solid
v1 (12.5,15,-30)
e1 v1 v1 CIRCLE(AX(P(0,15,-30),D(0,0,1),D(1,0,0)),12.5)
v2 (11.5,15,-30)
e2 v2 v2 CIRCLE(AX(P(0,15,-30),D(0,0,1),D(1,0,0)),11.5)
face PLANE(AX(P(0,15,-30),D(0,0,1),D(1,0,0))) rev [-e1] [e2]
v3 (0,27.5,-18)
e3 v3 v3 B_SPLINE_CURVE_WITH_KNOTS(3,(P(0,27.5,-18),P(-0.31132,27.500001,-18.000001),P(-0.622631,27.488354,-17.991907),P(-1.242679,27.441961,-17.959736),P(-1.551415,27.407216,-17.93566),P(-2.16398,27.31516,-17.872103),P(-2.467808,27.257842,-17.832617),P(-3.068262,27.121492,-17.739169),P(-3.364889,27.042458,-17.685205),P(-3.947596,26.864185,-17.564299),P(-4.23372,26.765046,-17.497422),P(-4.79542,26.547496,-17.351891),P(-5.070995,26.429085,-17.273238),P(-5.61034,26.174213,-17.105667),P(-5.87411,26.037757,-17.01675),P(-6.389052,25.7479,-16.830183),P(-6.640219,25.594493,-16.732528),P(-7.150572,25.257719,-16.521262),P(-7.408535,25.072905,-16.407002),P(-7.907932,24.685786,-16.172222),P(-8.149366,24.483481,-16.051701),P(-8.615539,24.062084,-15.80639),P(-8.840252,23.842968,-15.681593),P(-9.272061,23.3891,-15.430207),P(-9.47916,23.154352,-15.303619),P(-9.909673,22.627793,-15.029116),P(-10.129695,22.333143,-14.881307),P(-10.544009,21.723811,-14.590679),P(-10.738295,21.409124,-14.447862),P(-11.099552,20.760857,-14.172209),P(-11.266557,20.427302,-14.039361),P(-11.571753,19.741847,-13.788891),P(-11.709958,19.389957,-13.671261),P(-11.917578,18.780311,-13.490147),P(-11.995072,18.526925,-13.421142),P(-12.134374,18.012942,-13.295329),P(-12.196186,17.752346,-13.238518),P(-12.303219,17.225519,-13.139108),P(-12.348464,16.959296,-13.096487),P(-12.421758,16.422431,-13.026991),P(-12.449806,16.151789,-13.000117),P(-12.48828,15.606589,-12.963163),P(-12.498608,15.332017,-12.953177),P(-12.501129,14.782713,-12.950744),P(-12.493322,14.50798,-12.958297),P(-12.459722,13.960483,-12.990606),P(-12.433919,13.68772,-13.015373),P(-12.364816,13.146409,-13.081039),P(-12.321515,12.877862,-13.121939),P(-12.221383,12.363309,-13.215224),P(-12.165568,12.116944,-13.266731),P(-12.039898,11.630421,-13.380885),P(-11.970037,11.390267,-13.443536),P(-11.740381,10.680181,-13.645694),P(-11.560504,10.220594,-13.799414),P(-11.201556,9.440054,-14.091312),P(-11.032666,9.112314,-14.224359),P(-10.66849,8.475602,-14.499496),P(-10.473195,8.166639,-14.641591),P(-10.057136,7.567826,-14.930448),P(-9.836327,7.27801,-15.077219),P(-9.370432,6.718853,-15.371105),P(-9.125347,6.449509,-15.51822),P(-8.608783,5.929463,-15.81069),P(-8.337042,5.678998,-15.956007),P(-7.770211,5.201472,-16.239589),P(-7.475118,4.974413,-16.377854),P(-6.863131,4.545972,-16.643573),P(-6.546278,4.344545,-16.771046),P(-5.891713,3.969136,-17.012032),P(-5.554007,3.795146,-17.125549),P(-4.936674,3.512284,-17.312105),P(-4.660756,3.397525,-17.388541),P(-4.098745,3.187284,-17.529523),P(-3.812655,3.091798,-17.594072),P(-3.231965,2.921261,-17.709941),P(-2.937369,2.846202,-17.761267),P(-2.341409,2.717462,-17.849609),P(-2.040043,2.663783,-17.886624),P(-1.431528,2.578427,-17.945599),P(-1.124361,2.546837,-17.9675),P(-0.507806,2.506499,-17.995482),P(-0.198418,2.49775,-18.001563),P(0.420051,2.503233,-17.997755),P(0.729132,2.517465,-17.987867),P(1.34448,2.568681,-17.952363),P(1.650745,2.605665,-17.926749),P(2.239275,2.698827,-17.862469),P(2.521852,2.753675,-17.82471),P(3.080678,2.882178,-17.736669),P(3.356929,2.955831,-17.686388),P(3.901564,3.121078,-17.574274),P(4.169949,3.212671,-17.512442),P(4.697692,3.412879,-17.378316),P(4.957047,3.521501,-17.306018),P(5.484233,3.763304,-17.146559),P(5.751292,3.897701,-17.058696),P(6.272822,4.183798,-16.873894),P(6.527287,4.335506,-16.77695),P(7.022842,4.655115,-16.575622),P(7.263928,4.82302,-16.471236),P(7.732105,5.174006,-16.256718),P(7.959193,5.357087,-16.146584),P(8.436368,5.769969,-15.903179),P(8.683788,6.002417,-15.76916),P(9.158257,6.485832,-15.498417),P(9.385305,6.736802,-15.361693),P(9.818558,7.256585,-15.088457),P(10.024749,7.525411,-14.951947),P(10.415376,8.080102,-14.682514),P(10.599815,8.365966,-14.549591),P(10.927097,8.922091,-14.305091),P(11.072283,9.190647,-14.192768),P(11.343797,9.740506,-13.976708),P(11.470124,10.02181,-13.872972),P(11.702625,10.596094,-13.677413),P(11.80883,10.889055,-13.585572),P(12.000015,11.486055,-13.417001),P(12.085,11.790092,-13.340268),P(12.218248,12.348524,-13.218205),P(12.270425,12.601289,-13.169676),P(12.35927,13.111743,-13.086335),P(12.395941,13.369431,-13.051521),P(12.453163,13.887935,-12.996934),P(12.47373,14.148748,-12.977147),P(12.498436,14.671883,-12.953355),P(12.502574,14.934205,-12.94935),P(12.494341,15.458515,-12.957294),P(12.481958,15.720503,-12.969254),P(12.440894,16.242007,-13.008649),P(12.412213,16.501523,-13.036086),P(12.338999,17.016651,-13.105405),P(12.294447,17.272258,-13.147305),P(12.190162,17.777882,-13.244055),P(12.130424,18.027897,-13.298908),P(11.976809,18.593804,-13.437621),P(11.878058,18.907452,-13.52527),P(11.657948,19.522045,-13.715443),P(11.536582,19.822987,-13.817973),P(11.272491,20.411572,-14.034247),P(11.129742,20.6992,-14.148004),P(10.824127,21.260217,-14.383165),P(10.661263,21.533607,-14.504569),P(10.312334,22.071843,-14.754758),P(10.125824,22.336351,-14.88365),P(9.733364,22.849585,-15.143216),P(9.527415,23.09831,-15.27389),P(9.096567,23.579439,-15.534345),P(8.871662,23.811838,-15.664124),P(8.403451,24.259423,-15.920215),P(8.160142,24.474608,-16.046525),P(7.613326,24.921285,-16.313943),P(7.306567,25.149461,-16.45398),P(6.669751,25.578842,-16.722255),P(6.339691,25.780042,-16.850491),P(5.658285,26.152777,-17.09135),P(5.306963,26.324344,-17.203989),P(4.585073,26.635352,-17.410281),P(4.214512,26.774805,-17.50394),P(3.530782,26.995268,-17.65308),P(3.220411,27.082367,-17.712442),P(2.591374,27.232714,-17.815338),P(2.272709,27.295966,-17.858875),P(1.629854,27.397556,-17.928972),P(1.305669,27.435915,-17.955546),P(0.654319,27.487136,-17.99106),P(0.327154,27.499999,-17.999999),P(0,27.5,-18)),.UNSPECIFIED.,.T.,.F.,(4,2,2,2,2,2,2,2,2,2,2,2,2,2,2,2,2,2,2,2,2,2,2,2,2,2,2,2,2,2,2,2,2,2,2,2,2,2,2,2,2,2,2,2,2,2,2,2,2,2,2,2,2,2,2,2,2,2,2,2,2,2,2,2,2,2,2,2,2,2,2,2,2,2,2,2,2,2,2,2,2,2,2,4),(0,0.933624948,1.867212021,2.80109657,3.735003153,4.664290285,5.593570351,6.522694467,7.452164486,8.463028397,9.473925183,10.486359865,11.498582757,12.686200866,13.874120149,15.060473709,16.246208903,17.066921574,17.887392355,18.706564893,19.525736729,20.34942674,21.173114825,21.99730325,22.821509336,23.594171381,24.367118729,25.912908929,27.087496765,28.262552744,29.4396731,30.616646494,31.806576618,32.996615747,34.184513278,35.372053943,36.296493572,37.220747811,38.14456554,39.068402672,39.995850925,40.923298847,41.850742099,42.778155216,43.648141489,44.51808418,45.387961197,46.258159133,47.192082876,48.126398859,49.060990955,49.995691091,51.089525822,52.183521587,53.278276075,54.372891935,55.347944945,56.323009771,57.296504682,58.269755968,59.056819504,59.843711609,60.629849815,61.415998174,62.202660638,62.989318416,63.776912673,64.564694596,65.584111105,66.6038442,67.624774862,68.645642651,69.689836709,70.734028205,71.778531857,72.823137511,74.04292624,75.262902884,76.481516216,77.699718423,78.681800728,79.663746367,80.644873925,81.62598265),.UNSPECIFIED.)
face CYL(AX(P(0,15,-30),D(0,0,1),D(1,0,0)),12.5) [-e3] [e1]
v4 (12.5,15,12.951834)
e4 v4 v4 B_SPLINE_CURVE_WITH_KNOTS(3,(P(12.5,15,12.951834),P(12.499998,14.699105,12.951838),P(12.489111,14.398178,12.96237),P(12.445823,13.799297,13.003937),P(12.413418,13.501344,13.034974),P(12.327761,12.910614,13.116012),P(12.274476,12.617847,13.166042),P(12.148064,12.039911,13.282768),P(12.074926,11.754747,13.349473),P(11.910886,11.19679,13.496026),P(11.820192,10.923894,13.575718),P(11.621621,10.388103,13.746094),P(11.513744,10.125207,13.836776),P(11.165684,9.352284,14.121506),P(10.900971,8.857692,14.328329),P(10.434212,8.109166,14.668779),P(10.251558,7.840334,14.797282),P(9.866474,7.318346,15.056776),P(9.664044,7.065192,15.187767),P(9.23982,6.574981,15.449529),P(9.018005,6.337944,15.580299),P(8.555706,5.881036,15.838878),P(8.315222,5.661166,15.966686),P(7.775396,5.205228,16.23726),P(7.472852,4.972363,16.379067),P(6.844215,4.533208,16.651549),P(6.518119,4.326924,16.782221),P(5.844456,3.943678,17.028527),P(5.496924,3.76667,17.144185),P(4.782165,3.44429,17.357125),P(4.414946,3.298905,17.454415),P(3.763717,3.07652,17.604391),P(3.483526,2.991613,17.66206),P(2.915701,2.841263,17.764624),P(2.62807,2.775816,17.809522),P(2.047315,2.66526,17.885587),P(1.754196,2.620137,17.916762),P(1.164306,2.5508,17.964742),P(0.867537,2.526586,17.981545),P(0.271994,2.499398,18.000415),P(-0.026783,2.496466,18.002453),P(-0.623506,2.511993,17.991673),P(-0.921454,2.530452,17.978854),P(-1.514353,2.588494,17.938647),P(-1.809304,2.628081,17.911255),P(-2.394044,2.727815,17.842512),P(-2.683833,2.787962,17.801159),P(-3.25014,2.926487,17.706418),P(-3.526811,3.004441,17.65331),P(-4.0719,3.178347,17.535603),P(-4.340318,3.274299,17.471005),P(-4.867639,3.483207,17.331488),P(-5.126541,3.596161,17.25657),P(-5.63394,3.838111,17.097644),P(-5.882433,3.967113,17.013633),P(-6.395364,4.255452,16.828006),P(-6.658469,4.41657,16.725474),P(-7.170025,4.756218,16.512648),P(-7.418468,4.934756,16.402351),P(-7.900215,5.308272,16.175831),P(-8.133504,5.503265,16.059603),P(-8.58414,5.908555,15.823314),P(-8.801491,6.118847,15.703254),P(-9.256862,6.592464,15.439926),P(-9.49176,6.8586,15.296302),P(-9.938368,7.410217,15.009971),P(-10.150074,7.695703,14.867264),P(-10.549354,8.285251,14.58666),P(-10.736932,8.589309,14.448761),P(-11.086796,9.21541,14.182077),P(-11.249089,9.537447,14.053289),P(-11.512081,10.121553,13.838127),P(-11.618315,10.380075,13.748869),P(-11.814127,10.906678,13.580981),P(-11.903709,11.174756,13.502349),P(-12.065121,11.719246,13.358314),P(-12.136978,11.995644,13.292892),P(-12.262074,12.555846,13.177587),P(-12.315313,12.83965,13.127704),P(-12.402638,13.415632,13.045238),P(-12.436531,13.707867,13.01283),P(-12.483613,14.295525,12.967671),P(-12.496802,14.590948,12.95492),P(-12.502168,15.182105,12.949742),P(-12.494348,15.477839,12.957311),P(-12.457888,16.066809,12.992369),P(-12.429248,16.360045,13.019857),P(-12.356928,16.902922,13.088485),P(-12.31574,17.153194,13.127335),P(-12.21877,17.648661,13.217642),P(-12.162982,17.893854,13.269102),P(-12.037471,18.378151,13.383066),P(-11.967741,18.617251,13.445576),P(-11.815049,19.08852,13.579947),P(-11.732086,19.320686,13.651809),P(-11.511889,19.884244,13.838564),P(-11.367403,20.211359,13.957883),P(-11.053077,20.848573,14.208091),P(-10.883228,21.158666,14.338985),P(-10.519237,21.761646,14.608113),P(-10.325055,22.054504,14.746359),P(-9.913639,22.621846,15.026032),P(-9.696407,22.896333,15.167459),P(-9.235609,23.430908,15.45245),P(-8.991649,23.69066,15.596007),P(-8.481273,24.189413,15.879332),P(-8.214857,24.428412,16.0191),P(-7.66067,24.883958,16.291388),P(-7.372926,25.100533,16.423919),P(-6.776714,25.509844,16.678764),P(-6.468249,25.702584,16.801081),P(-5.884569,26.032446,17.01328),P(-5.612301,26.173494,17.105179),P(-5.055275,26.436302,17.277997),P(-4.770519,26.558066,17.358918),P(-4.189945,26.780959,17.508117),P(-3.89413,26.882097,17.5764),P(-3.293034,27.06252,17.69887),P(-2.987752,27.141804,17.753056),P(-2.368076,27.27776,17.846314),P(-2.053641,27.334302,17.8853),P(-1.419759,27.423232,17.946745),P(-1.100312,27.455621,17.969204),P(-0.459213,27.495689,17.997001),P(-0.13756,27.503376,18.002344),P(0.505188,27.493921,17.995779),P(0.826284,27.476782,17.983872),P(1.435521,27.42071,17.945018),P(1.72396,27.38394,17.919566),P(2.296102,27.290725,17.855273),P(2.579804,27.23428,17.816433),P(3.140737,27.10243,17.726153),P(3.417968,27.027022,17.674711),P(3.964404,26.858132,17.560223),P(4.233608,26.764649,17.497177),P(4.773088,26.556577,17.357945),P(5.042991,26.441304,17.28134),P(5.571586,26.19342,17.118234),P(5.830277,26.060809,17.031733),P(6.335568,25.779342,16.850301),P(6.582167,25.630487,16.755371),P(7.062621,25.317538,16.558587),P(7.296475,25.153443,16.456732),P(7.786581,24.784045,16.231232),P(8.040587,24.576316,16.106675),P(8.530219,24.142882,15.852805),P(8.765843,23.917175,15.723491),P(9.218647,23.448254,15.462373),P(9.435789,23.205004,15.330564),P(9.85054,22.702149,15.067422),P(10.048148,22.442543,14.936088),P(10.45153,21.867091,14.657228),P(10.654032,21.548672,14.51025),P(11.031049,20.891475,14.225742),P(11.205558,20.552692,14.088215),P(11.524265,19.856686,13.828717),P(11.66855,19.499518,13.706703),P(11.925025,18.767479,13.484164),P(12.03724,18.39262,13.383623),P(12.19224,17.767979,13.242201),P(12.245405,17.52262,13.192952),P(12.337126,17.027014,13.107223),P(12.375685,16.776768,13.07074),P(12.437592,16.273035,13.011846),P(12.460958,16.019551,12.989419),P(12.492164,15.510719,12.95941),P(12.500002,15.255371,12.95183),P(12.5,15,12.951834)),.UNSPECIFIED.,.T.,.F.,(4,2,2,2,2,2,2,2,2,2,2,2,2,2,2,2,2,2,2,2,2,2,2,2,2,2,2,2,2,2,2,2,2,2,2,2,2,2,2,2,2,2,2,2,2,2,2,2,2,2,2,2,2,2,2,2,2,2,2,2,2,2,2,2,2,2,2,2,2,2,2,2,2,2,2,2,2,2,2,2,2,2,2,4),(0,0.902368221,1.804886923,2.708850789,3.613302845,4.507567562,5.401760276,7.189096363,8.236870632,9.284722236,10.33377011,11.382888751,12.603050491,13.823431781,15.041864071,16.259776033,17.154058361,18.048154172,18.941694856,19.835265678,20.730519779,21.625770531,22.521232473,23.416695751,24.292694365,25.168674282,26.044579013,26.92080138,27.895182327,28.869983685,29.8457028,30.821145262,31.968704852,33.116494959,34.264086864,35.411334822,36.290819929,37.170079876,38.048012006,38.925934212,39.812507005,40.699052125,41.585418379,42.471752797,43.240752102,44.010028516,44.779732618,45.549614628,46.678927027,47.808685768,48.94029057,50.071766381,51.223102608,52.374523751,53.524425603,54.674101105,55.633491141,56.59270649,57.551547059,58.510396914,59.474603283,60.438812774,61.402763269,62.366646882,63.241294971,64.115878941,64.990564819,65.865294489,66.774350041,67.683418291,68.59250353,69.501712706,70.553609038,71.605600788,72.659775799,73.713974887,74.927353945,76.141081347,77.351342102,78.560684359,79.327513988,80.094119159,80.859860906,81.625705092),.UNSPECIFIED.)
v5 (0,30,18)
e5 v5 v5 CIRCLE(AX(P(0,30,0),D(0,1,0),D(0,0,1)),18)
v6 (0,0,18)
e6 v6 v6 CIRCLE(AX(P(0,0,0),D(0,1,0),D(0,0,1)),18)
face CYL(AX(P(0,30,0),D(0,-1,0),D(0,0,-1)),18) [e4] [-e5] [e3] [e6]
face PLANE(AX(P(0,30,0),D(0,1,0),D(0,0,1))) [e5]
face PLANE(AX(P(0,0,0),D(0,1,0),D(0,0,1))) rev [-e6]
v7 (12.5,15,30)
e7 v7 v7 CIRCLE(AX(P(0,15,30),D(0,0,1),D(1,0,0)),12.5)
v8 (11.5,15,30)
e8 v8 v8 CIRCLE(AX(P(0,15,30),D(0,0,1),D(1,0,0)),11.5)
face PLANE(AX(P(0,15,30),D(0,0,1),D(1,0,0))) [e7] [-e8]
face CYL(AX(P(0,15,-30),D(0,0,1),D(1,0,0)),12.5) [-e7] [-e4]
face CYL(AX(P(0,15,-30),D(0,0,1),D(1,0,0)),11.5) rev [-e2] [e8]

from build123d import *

# Parameters (mm, degrees)
SKETCH1_R                = 18
BOSS_EXTRUDE1_DEPTH      = 30
BOSS_EXTRUDE2_DEPTH      = 30
BOSS_EXTRUDE2_DEPTH_BACK = 30
SKETCH2_R                = 12.5
SKETCH3_R                = 11.5
CUT_EXTRUDE1_DEPTH       = 70.455021572


with BuildPart() as part:
    # Sketch1 → Boss-Extrude1 (new body)
    with BuildSketch(Plane(origin=(0, 0, 0), x_dir=(1, 0, 0), z_dir=(0, 1, 0))):
        Circle(SKETCH1_R)
    extrude(amount=BOSS_EXTRUDE1_DEPTH)

    # Sketch2 → Boss-Extrude2 (add, two sides: drawn at the far end of the back side and taken through both)
    with BuildSketch(Plane.XY.offset(-BOSS_EXTRUDE2_DEPTH_BACK)):
        with Locations((0, 15)):
            Circle(SKETCH2_R)
    extrude(amount=BOSS_EXTRUDE2_DEPTH + BOSS_EXTRUDE2_DEPTH_BACK)

    # Sketch3 → Cut-Extrude1 (cut, through all)
    with BuildSketch(Plane.XY.offset(30)):
        with Locations((0, 15)):
            Circle(SKETCH3_R)
    extrude(amount=-CUT_EXTRUDE1_DEPTH, mode=Mode.SUBTRACT)


solid = part.part
